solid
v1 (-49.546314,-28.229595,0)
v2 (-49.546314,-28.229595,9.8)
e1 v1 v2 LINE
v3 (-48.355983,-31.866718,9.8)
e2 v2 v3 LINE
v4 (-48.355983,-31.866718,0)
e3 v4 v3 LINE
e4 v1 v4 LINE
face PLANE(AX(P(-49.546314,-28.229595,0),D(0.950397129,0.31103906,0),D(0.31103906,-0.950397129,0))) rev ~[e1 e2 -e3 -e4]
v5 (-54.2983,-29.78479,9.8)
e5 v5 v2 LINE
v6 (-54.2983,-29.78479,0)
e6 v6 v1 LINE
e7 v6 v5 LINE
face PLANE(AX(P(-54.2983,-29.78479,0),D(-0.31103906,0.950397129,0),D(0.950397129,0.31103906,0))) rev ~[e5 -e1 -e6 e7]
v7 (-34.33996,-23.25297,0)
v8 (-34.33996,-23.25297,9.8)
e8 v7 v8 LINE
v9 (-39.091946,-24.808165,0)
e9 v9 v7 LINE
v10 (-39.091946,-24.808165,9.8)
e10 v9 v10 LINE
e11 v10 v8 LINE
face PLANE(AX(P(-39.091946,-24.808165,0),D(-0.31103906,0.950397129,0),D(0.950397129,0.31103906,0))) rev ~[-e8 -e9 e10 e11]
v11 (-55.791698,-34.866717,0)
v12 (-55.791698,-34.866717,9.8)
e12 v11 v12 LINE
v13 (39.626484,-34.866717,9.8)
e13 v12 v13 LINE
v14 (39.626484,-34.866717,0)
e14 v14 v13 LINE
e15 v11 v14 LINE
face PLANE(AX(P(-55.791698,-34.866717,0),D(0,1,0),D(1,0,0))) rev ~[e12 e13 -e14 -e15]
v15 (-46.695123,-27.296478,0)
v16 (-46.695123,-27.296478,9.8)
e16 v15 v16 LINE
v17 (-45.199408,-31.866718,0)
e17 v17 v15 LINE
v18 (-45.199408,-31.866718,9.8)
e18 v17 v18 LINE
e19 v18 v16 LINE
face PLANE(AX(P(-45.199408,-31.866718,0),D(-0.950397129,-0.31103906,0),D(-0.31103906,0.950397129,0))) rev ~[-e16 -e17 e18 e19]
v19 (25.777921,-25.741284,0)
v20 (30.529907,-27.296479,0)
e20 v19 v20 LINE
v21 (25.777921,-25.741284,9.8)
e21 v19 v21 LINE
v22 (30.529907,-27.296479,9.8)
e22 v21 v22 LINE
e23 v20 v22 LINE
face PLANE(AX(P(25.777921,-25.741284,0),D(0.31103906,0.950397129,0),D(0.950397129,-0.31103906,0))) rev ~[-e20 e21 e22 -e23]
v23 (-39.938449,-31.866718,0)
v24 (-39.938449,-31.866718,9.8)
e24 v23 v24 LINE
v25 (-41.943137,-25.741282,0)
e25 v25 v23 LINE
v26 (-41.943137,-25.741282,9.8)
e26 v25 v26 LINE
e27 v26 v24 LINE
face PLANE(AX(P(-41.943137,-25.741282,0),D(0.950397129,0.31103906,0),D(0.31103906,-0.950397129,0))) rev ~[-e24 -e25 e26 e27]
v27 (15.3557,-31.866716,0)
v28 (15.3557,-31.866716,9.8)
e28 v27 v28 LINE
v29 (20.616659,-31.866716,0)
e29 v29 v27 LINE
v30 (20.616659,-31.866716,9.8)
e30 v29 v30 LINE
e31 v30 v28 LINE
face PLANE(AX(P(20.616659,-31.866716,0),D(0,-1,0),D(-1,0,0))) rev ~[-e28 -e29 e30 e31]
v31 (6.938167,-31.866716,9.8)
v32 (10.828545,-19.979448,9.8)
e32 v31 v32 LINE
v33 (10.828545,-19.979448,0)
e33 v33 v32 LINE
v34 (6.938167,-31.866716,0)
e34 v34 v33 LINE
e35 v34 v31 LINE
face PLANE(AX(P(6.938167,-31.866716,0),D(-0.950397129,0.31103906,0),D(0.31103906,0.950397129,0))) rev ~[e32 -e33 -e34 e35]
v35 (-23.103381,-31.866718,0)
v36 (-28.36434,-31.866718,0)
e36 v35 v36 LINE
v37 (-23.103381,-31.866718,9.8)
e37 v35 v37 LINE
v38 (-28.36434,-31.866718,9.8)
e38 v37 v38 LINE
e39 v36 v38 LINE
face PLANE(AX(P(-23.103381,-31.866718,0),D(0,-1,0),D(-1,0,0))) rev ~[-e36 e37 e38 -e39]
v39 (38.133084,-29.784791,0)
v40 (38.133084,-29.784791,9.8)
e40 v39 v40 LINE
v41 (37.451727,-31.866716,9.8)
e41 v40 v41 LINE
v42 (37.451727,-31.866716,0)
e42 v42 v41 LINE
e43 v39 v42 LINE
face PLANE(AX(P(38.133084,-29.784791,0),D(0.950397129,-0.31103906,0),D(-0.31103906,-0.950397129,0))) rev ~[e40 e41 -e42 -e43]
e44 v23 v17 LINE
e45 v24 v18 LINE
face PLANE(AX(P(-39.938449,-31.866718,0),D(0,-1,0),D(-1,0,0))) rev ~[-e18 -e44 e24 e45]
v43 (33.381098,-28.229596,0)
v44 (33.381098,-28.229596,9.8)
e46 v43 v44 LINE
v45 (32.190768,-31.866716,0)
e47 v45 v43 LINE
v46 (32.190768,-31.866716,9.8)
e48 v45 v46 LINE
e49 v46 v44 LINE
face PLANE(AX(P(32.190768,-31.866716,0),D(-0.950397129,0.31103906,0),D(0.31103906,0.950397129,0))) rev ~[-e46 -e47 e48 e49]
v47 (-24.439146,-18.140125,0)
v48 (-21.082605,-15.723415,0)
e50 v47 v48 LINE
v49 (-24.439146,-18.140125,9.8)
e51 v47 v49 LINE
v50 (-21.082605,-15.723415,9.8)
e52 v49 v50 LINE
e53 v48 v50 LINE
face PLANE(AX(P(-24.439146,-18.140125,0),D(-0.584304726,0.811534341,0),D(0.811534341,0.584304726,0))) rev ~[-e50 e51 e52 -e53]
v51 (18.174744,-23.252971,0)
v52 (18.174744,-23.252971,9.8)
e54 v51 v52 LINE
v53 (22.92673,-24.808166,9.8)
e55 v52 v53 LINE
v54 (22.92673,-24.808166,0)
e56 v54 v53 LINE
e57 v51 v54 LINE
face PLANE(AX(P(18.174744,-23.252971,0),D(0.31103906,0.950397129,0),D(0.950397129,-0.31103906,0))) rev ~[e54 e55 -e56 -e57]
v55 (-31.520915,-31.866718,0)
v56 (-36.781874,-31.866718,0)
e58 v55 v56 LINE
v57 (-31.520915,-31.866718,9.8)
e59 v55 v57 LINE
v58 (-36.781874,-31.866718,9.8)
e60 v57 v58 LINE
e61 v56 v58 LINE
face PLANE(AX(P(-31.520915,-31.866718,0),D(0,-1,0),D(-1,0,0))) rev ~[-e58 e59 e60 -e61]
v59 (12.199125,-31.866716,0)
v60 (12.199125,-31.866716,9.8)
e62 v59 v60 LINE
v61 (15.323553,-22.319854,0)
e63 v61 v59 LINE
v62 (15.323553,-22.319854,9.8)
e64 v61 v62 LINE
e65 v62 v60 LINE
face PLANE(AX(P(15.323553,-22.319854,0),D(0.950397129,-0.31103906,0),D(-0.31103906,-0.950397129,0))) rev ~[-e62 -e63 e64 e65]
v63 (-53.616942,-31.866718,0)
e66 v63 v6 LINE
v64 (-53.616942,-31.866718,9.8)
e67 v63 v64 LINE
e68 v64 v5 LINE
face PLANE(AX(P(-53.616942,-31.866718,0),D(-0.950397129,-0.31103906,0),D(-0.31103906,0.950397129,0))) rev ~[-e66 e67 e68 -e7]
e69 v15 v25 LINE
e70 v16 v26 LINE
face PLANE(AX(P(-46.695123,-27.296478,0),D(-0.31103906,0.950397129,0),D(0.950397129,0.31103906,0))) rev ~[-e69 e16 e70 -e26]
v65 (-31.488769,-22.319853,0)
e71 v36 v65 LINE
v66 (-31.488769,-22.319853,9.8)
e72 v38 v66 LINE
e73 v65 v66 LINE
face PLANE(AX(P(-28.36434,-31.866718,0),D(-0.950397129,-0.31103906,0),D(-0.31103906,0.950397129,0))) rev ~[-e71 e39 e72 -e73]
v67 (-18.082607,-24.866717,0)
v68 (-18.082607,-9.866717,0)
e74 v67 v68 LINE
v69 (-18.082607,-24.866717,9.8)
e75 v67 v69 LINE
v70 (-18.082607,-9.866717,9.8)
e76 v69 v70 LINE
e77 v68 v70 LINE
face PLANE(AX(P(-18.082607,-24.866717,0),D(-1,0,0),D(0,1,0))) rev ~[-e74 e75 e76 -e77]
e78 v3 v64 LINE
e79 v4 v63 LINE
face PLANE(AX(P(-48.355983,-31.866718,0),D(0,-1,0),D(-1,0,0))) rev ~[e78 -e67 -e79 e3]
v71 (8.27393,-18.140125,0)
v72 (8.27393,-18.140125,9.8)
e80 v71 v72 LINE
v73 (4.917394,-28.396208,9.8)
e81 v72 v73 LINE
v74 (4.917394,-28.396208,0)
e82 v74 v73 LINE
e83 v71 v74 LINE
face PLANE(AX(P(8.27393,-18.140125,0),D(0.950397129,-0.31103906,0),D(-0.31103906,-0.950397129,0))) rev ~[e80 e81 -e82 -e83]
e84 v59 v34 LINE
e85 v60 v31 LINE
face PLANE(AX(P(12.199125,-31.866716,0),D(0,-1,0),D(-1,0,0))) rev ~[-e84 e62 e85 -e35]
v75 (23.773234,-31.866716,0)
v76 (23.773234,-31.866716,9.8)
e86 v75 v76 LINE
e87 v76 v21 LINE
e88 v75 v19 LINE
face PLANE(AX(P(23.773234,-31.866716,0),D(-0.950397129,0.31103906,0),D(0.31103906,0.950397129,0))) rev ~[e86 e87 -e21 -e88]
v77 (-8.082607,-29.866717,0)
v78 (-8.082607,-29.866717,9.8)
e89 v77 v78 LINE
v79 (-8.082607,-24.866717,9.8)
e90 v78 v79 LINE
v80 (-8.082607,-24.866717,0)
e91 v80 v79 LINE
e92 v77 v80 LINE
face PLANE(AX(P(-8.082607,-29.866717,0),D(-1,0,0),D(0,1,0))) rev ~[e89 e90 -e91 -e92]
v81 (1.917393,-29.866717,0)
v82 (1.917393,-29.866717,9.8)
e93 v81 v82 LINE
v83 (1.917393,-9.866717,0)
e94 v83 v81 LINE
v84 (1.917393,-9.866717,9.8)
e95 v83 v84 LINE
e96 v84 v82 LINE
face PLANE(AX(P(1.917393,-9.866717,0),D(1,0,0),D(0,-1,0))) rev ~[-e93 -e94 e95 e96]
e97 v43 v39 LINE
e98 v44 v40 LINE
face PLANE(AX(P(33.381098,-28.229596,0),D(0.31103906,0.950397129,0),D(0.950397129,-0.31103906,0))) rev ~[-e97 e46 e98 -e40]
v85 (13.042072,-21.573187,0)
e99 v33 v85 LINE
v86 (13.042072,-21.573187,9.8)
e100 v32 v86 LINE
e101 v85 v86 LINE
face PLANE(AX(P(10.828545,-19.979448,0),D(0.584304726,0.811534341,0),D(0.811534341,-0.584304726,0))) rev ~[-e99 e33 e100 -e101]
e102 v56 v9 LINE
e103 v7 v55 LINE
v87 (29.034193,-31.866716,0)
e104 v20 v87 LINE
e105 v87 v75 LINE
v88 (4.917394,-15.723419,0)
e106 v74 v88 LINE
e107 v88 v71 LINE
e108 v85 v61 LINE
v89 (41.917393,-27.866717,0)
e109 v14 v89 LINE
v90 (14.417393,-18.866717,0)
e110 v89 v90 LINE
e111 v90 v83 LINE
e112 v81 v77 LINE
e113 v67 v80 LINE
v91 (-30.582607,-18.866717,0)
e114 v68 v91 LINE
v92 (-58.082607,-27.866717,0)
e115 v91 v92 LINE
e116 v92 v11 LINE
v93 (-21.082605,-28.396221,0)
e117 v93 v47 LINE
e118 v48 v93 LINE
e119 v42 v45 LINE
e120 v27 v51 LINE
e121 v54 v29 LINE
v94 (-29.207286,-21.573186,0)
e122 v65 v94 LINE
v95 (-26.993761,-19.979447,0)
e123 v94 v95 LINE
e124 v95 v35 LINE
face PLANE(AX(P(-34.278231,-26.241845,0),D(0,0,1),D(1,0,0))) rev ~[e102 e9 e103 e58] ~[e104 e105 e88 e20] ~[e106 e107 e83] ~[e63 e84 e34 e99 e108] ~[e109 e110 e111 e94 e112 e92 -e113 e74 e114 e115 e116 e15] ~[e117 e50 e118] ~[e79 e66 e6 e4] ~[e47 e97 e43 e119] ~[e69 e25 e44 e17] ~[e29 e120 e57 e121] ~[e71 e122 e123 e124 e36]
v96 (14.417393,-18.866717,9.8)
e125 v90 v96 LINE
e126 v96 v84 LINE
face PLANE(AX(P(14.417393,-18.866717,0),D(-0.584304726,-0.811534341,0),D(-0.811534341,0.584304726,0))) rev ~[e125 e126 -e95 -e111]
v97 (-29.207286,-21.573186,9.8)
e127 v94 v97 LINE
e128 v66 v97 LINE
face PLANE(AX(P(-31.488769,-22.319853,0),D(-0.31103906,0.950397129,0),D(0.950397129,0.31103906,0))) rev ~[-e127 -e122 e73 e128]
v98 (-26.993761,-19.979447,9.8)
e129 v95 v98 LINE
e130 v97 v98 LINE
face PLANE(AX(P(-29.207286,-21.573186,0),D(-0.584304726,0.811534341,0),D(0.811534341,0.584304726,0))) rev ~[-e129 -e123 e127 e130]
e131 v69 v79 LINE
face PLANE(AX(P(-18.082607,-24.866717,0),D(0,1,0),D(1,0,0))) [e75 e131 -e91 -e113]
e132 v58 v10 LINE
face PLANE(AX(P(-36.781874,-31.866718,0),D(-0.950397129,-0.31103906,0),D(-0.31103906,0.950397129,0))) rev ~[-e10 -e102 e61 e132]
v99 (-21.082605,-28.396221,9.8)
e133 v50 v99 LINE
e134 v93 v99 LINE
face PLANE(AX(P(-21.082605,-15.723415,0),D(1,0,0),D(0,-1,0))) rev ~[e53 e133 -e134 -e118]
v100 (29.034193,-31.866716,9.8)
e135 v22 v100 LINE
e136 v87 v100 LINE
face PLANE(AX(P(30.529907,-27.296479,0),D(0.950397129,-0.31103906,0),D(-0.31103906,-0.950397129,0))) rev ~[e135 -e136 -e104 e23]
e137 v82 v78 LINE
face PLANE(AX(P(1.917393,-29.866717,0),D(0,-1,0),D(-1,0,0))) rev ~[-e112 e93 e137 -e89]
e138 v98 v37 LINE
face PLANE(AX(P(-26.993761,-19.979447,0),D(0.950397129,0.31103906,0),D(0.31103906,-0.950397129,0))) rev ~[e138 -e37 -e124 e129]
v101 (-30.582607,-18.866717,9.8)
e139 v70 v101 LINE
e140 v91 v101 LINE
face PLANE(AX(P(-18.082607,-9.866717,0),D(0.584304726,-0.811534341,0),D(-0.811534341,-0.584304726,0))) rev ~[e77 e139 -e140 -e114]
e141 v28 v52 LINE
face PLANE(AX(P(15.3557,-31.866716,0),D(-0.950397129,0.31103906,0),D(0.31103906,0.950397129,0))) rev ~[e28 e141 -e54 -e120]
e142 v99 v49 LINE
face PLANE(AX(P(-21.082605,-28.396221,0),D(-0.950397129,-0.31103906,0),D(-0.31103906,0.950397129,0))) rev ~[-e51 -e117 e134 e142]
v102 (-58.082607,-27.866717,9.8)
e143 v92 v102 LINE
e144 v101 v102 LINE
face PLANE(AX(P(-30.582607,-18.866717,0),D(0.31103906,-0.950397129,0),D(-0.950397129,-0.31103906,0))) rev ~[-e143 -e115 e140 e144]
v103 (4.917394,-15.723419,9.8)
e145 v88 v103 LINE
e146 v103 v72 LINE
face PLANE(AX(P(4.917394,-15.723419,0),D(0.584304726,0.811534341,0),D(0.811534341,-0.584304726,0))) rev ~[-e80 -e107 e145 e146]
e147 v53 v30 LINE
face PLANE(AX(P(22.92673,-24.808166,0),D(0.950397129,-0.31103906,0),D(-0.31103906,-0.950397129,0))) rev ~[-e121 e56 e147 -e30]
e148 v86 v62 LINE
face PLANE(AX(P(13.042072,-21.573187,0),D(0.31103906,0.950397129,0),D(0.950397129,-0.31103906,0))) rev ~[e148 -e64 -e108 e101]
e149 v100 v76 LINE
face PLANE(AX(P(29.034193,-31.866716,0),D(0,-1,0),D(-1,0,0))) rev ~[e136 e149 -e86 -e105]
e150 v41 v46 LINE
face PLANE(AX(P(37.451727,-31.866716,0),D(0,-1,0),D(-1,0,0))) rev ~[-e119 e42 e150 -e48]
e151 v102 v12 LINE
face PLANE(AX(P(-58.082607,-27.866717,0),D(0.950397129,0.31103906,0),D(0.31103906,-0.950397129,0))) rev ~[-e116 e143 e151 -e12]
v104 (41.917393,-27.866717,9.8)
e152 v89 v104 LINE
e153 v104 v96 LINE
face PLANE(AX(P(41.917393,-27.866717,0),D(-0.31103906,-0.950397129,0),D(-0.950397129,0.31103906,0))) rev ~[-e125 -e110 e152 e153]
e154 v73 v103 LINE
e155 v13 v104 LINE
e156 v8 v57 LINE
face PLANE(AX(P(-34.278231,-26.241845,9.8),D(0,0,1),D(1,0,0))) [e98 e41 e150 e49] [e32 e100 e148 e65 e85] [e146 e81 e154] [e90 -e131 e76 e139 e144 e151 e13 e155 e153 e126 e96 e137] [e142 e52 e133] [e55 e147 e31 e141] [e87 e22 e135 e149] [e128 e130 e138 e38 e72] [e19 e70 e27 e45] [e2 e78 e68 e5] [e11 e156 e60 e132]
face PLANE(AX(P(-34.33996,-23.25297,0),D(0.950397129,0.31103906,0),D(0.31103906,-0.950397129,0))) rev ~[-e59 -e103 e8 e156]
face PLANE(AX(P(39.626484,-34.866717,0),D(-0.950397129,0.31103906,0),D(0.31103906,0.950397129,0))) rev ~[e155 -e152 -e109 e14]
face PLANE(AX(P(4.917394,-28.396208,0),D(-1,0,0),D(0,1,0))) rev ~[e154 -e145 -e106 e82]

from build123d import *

# Parameters (mm, degrees)
F0_W     = 10
F0_H     = 5
F1_DEPTH = 9.8


with BuildPart() as f1:
    # F0 (on Top) → F1 (new body)
    with BuildSketch(Plane.XY):
        Polygon((-58.0826066434, -27.8667167127), (-55.7916975525, -34.8667167127), (-18.0826066434, -34.8667167127), (-18.0826066434, -29.8667167127), (-18.0826066434, -24.8667167127), (-18.0826066434, -9.8667167127), (-30.5826066434, -18.8667167127), align=None)
        Polygon((-24.4391458737, -18.1401245014), (-21.0826052725, -15.7234152686), (-21.0826052725, -28.3962207829), (-21.0826052725, -31.8667180836), (-23.1033813478, -31.8667180836), (-28.364340001, -31.8667180836), (-31.5209151929, -31.8667180836), (-36.7818738461, -31.8667180836), (-39.938449038, -31.8667180836), (-45.1994076912, -31.8667180836), (-48.3559828831, -31.8667180836), (-53.6169415362, -31.8667180836), (-54.2982998044, -29.7847900421), (-49.5463141591, -28.22959474), (-46.695122772, -27.2964775588), (-41.9431371268, -25.7412822567), (-39.0919457397, -24.8081650755), (-34.3399600944, -23.2529697734), (-31.4887687073, -22.3198525922), (-29.207286336, -21.5731856343), (-26.993760876, -19.9794473031), align=None, mode=Mode.SUBTRACT)
        Polygon((1.9173933566, -29.8667167127), (1.9173933566, -34.8667167127), (39.6264842657, -34.8667167127), (41.9173933566, -27.8667167127), (14.4173933566, -18.8667167127), (1.9173933566, -9.8667167127), (1.9173933566, -24.8667167127), align=None)
        Polygon((6.9381666011, -31.8667160698), (4.9173939994, -31.8667160698), (4.9173939994, -28.3962081552), (4.9173939994, -15.7234192), (8.2739302148, -18.140125275), (10.8285452171, -19.9794480766), (13.042072126, -21.573187451), (15.3235528801, -22.3198538797), (18.1747442673, -23.2529710609), (22.9267299125, -24.808166363), (25.7779212996, -25.7412835442), (30.5299069449, -27.2964788463), (33.381098332, -28.2295960276), (38.1330839772, -29.7847913296), (37.4517267895, -31.8667160698), (32.1907681363, -31.8667160698), (29.0341929444, -31.8667160698), (23.7732342913, -31.8667160698), (20.6166590994, -31.8667160698), (15.3557004462, -31.8667160698), (12.1991252543, -31.8667160698), align=None, mode=Mode.SUBTRACT)
        with Locations((-13.0826066434, -32.3667167127)):
            Rectangle(F0_W, F0_H)
        with Locations((-3.0826066434, -32.3667167127)):
            Rectangle(F0_W, F0_H)
        with Locations((-13.0826066434, -27.3667167127)):
            Rectangle(F0_W, F0_H)
        Polygon((-21.0826052725, -31.8667180836), (-21.0826052725, -28.3962207829), (-24.4391458737, -18.1401245014), (-26.993760876, -19.9794473031), (-23.1033813478, -31.8667180836), align=None)
        Polygon((4.9173939994, -28.3962081552), (4.9173939994, -31.8667160698), (6.9381666011, -31.8667160698), (10.8285452171, -19.9794480766), (8.2739302148, -18.140125275), align=None)
        Polygon((-31.5209151929, -31.8667180836), (-28.364340001, -31.8667180836), (-31.4887687073, -22.3198525922), (-34.3399600944, -23.2529697734), align=None)
        Polygon((15.3235528801, -22.3198538797), (12.1991252543, -31.8667160698), (15.3557004462, -31.8667160698), (18.1747442673, -23.2529710609), align=None)
        Polygon((-39.938449038, -31.8667180836), (-36.7818738461, -31.8667180836), (-39.0919457397, -24.8081650755), (-41.9431371268, -25.7412822567), align=None)
        Polygon((22.9267299125, -24.808166363), (20.6166590994, -31.8667160698), (23.7732342913, -31.8667160698), (25.7779212996, -25.7412835442), align=None)
        Polygon((-48.3559828831, -31.8667180836), (-45.1994076912, -31.8667180836), (-46.695122772, -27.2964775588), (-49.5463141591, -28.22959474), align=None)
        Polygon((30.5299069449, -27.2964788463), (29.0341929444, -31.8667160698), (32.1907681363, -31.8667160698), (33.381098332, -28.2295960276), align=None)
    extrude(amount=F1_DEPTH)


solid = f1.part
